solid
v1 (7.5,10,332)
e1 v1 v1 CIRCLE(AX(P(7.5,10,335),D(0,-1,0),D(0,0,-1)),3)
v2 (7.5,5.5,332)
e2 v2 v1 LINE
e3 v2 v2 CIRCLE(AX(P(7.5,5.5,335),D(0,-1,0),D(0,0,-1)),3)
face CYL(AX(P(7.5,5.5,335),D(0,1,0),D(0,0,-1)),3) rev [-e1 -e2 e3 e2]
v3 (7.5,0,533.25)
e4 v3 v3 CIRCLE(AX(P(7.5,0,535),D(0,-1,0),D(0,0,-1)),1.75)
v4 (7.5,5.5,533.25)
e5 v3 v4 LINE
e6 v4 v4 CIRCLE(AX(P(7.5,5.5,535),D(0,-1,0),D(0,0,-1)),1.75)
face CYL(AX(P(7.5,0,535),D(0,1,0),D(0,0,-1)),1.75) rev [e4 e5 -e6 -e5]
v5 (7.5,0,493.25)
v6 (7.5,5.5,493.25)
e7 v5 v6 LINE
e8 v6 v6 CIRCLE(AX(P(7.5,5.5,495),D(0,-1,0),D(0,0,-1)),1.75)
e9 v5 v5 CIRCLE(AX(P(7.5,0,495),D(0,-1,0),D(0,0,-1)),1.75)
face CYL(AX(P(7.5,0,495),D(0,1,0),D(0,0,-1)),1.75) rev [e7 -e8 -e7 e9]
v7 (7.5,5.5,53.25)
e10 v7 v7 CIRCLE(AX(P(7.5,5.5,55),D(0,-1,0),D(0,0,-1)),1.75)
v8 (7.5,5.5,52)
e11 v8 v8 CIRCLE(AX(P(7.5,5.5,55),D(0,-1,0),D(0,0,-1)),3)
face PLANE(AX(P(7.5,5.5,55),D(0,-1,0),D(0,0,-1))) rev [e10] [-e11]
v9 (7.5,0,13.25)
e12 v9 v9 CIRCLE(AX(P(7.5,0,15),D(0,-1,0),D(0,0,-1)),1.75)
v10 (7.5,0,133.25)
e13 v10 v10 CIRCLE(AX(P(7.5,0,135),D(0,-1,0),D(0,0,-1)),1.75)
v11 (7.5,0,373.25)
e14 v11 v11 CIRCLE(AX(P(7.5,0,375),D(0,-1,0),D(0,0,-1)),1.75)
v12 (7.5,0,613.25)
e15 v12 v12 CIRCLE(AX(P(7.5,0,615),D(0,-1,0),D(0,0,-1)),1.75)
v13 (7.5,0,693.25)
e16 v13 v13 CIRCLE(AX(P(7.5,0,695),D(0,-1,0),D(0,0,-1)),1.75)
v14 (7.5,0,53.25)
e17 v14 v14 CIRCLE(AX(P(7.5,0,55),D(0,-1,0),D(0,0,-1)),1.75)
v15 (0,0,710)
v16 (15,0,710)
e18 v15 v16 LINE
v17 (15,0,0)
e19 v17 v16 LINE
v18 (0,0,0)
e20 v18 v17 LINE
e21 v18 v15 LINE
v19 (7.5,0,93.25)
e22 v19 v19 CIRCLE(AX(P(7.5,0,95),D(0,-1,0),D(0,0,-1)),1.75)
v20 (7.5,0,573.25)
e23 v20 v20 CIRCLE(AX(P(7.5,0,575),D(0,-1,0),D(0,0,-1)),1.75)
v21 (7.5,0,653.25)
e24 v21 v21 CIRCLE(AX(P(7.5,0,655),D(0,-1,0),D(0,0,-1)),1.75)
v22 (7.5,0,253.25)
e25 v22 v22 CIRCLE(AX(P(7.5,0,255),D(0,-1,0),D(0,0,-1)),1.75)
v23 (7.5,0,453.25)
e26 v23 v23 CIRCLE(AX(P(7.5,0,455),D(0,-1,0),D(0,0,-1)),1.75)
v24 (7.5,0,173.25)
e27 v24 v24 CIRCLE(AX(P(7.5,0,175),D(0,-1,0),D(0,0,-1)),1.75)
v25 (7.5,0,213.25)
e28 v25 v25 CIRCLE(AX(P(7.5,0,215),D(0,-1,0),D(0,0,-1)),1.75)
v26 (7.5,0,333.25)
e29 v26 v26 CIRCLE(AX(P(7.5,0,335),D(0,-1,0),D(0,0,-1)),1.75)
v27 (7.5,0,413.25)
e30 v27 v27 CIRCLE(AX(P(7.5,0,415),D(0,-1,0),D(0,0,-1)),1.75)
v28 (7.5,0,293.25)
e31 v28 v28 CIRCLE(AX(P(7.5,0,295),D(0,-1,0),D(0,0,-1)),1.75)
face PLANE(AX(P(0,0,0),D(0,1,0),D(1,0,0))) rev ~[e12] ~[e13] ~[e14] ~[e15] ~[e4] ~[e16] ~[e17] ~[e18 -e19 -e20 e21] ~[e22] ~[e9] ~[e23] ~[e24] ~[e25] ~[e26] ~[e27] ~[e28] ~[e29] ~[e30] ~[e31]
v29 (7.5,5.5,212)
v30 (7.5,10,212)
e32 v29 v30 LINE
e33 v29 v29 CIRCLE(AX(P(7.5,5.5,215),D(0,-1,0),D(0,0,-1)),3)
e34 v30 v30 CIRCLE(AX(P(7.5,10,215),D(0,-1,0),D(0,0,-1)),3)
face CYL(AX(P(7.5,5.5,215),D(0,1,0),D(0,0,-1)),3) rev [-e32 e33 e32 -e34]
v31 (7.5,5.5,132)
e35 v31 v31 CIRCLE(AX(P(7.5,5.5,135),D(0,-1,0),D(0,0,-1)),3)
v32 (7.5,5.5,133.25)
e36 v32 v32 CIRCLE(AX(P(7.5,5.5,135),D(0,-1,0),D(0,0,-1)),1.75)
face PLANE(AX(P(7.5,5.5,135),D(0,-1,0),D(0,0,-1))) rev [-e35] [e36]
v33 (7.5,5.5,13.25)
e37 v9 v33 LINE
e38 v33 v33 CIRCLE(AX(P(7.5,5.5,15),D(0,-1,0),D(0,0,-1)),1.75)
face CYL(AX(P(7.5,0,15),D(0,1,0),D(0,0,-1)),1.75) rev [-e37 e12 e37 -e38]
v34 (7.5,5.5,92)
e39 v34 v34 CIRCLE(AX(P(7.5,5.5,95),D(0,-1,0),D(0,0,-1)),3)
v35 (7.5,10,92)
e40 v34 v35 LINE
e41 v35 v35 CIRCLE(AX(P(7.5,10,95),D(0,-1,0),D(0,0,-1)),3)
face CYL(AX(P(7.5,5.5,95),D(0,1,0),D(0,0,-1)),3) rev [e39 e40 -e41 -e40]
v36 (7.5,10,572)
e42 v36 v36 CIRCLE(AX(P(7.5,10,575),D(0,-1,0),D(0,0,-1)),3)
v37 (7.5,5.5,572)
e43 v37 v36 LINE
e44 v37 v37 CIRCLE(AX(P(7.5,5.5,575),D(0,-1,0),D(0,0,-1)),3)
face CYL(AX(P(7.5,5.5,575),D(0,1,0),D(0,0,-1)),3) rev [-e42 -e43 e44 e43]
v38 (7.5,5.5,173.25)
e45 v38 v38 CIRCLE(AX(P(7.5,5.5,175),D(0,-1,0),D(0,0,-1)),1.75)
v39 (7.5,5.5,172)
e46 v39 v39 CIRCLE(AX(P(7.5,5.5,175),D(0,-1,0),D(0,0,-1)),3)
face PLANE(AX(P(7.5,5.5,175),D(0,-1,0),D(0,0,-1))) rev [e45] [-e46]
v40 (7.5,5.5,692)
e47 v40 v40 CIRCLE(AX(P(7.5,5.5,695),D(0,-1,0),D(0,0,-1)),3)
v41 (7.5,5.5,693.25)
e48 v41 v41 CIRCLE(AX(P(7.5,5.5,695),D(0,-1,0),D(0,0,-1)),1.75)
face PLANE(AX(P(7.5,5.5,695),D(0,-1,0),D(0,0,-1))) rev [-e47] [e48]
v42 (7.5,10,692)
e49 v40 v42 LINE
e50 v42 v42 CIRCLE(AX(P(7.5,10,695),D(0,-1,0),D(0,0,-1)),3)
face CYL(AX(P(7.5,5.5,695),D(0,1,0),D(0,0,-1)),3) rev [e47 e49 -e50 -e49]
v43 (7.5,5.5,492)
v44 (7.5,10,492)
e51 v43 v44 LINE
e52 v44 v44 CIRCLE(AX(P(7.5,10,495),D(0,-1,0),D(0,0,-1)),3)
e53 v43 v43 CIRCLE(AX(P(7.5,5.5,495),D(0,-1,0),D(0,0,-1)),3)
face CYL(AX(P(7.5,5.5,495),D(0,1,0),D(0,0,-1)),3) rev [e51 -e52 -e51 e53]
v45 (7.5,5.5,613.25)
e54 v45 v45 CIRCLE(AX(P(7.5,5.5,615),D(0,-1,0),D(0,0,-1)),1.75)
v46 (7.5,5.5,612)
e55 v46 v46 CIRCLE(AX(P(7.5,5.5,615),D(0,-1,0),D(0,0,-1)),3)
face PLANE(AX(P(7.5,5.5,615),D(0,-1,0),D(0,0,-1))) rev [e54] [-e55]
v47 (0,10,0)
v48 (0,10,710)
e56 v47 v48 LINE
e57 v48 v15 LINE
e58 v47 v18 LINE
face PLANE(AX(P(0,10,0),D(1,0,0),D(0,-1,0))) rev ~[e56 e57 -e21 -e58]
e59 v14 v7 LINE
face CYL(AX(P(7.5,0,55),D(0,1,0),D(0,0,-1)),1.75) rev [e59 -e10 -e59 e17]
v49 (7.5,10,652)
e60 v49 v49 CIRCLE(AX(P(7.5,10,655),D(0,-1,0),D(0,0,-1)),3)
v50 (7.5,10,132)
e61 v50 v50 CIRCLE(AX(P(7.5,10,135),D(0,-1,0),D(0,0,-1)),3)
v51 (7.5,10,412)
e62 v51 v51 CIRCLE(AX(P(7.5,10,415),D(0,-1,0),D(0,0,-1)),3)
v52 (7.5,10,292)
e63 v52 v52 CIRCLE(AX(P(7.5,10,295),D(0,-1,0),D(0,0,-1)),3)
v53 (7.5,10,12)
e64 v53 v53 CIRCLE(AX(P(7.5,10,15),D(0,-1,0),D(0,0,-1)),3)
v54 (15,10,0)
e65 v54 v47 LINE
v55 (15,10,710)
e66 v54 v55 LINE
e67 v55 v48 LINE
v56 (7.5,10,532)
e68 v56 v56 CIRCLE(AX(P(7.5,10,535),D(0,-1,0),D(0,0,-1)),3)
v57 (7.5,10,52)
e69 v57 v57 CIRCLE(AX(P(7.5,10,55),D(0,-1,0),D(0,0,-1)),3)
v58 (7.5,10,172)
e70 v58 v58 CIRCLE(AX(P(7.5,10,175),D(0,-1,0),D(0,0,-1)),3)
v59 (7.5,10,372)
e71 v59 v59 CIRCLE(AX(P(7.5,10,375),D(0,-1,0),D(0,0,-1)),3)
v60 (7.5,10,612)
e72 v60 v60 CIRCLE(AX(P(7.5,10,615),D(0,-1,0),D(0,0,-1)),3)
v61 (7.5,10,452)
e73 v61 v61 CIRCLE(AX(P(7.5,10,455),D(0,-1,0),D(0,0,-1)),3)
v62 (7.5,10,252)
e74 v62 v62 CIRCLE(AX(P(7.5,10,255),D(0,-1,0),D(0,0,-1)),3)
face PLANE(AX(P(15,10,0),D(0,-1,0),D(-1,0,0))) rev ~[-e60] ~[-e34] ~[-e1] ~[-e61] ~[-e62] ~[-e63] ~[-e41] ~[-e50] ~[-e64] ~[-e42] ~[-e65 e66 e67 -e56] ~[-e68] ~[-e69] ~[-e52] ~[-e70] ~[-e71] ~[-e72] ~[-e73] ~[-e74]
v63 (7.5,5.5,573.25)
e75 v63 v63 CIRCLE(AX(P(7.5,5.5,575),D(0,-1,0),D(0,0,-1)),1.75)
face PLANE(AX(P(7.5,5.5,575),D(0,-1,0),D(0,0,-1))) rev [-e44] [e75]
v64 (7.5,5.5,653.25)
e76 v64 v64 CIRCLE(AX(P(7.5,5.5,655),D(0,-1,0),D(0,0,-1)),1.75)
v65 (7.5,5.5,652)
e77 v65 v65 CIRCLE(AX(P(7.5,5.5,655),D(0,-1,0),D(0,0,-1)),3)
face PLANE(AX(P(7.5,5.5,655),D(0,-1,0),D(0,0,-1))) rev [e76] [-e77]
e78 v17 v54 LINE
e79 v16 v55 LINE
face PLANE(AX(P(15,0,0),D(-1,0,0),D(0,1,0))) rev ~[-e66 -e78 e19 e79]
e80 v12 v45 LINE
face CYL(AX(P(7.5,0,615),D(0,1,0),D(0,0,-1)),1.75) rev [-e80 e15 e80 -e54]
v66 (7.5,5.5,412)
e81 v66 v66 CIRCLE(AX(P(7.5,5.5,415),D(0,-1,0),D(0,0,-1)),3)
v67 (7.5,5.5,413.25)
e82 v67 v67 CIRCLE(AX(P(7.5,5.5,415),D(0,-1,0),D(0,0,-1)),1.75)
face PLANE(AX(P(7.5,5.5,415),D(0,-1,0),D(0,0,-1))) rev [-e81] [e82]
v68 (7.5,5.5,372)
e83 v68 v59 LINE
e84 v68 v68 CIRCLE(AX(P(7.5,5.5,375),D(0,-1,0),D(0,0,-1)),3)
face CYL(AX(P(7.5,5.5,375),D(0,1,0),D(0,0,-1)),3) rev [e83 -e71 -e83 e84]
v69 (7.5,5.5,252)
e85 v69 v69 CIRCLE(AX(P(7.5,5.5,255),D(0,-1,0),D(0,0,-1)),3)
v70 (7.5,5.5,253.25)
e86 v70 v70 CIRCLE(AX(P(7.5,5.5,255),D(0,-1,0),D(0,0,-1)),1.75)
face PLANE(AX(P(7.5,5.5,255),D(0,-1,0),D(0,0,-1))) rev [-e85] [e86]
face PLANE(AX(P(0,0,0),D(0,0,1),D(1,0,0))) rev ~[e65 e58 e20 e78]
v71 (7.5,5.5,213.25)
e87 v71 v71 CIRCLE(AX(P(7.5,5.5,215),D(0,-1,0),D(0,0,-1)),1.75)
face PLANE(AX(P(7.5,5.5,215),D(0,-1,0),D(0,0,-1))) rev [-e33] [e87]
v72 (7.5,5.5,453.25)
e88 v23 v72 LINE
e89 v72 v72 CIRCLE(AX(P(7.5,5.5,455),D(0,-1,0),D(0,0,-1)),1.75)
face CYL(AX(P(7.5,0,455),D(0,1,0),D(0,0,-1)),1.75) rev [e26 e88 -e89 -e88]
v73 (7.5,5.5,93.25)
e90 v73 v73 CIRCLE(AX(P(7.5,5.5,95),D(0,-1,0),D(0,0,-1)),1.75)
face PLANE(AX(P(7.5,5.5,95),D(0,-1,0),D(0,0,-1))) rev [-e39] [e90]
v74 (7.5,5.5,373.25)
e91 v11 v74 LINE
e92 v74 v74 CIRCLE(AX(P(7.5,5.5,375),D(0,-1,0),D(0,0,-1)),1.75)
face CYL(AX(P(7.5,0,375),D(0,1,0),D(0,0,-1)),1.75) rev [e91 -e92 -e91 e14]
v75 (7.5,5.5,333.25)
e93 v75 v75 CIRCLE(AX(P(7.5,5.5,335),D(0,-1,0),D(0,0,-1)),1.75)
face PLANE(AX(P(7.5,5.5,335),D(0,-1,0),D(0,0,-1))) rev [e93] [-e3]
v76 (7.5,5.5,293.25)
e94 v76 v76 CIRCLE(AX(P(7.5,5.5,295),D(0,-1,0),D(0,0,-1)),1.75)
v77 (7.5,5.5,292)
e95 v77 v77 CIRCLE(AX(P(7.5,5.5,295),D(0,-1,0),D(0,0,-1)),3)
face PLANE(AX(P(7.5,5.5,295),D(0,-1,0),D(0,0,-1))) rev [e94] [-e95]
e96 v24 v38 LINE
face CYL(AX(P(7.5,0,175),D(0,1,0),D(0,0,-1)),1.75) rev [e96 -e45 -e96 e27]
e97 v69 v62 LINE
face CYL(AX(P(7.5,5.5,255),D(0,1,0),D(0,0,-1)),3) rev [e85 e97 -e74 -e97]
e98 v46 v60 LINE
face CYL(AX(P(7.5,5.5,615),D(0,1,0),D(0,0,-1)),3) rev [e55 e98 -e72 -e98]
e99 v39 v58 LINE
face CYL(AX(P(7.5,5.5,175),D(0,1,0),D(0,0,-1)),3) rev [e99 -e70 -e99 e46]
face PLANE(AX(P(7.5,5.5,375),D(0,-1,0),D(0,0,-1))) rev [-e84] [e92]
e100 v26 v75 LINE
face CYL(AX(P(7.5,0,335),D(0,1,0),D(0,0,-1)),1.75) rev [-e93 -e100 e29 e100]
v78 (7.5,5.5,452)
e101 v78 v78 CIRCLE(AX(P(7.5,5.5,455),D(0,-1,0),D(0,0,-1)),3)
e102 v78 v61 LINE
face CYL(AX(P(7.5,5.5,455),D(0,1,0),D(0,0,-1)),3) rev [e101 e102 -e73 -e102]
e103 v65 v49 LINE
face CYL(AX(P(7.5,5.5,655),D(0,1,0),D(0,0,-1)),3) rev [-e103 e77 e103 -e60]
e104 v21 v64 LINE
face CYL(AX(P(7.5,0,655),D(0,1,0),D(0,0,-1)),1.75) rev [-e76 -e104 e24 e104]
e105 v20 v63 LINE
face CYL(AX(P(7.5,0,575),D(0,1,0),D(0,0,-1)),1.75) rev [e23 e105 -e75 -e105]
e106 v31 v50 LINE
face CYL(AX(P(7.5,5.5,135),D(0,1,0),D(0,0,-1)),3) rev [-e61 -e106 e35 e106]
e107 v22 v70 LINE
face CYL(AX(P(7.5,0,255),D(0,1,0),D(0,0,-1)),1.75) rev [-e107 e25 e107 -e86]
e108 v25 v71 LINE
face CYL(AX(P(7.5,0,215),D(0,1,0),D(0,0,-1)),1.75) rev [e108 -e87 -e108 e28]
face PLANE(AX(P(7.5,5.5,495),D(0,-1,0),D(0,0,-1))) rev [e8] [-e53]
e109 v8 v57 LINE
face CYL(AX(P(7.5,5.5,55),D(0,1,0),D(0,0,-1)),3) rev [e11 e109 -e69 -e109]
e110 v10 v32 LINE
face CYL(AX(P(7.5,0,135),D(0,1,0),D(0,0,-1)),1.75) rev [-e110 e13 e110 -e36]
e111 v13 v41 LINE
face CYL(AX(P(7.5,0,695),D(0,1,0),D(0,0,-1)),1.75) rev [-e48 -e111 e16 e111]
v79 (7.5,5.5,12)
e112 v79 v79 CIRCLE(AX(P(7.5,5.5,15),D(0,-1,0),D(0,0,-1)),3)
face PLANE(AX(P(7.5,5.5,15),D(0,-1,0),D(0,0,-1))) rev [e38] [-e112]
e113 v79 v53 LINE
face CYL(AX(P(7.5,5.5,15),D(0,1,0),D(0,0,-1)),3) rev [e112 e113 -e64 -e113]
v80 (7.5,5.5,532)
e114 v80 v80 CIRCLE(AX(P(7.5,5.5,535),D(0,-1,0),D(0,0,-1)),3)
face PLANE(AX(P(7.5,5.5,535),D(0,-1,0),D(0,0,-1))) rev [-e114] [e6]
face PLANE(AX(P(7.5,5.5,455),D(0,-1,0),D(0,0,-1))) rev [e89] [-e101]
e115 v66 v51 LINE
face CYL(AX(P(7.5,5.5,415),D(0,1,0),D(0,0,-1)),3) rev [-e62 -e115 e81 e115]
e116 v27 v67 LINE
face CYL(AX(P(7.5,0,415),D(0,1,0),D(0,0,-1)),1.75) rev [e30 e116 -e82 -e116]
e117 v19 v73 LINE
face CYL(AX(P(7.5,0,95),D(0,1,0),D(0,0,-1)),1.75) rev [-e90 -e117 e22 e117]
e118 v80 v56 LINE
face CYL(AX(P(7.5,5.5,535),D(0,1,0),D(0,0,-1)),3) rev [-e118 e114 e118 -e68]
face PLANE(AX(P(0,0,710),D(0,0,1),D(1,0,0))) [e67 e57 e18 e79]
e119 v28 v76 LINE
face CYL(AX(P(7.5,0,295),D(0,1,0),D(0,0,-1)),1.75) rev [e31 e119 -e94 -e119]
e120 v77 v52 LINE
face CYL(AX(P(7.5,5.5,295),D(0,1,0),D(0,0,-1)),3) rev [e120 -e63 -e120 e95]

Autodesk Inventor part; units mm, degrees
ref_plane "YZ Plane" through (0, 0, 0) normal (1, 0, 0) x (0, 1, 0)
ref_plane "XZ Plane" through (0, 0, 0) normal (0, 1, 0) x (-1, 0, 0)
sketch "Sketch1" plane through (0, 0, 0) normal (0, 0, 1) x (1, 0, 0)
  line L0 (0, 0) -> (15, 0)
  line L1 (15, 0) -> (15, 10)
  line L2 (15, 10) -> (0, 10)
  line L3 (0, 10) -> (0, 0)
  dimension "d0" = 15
  dimension "d1" = 10
extrude "Extrusion1" add sketch "Sketch1" along normal blind 710
ref_plane "Work Plane1" through (7.5, 10, 710) normal (1, 0, 0) x (0, 0, -1)
sketch "Sketch4" plane through (7.5, 10, 710) normal (1, 0, 0) x (0, 0, -1)
  line L0 (692, 0) -> (692, -4.5)
  line L1 (698, -4.5) -> (698, 0)
  line L2 (692, -4.5) -> (693.25, -4.5)
  line L3 (693.25, -4.5) -> (693.25, -10)
  line L4 (693.25, -10) -> (696.75, -10)
  line L5 (696.75, -10) -> (696.75, -4.5)
  line L6 (696.75, -4.5) -> (698, -4.5)
  line L7 (710, 0) -> (0, 0) projected
  line L8 (710, -10) -> (0, -10) projected
  line L9 (692, 0) -> (698, 0)
  line L10 (695, -10) -> (695, 0)
  point P0 (698, -2.25)
  point P1 (695, 0)
  dimension "d6" = 6
  dimension "d7" = 3.5
  dimension "d8" = 4.5
  dimension "d9" = 15
revolve "Revolution1" cut sketch "Sketch4" angle 360 about axis through (7.5, 0, 15) along (0, -1, 0) contours L7 L1 L6 L5 L4 L10
pattern_linear "Rectangular Pattern1" count 20 spacing 40 along (0, 0, 1) of "Revolution1"
properties part number "MGN15H-750"
